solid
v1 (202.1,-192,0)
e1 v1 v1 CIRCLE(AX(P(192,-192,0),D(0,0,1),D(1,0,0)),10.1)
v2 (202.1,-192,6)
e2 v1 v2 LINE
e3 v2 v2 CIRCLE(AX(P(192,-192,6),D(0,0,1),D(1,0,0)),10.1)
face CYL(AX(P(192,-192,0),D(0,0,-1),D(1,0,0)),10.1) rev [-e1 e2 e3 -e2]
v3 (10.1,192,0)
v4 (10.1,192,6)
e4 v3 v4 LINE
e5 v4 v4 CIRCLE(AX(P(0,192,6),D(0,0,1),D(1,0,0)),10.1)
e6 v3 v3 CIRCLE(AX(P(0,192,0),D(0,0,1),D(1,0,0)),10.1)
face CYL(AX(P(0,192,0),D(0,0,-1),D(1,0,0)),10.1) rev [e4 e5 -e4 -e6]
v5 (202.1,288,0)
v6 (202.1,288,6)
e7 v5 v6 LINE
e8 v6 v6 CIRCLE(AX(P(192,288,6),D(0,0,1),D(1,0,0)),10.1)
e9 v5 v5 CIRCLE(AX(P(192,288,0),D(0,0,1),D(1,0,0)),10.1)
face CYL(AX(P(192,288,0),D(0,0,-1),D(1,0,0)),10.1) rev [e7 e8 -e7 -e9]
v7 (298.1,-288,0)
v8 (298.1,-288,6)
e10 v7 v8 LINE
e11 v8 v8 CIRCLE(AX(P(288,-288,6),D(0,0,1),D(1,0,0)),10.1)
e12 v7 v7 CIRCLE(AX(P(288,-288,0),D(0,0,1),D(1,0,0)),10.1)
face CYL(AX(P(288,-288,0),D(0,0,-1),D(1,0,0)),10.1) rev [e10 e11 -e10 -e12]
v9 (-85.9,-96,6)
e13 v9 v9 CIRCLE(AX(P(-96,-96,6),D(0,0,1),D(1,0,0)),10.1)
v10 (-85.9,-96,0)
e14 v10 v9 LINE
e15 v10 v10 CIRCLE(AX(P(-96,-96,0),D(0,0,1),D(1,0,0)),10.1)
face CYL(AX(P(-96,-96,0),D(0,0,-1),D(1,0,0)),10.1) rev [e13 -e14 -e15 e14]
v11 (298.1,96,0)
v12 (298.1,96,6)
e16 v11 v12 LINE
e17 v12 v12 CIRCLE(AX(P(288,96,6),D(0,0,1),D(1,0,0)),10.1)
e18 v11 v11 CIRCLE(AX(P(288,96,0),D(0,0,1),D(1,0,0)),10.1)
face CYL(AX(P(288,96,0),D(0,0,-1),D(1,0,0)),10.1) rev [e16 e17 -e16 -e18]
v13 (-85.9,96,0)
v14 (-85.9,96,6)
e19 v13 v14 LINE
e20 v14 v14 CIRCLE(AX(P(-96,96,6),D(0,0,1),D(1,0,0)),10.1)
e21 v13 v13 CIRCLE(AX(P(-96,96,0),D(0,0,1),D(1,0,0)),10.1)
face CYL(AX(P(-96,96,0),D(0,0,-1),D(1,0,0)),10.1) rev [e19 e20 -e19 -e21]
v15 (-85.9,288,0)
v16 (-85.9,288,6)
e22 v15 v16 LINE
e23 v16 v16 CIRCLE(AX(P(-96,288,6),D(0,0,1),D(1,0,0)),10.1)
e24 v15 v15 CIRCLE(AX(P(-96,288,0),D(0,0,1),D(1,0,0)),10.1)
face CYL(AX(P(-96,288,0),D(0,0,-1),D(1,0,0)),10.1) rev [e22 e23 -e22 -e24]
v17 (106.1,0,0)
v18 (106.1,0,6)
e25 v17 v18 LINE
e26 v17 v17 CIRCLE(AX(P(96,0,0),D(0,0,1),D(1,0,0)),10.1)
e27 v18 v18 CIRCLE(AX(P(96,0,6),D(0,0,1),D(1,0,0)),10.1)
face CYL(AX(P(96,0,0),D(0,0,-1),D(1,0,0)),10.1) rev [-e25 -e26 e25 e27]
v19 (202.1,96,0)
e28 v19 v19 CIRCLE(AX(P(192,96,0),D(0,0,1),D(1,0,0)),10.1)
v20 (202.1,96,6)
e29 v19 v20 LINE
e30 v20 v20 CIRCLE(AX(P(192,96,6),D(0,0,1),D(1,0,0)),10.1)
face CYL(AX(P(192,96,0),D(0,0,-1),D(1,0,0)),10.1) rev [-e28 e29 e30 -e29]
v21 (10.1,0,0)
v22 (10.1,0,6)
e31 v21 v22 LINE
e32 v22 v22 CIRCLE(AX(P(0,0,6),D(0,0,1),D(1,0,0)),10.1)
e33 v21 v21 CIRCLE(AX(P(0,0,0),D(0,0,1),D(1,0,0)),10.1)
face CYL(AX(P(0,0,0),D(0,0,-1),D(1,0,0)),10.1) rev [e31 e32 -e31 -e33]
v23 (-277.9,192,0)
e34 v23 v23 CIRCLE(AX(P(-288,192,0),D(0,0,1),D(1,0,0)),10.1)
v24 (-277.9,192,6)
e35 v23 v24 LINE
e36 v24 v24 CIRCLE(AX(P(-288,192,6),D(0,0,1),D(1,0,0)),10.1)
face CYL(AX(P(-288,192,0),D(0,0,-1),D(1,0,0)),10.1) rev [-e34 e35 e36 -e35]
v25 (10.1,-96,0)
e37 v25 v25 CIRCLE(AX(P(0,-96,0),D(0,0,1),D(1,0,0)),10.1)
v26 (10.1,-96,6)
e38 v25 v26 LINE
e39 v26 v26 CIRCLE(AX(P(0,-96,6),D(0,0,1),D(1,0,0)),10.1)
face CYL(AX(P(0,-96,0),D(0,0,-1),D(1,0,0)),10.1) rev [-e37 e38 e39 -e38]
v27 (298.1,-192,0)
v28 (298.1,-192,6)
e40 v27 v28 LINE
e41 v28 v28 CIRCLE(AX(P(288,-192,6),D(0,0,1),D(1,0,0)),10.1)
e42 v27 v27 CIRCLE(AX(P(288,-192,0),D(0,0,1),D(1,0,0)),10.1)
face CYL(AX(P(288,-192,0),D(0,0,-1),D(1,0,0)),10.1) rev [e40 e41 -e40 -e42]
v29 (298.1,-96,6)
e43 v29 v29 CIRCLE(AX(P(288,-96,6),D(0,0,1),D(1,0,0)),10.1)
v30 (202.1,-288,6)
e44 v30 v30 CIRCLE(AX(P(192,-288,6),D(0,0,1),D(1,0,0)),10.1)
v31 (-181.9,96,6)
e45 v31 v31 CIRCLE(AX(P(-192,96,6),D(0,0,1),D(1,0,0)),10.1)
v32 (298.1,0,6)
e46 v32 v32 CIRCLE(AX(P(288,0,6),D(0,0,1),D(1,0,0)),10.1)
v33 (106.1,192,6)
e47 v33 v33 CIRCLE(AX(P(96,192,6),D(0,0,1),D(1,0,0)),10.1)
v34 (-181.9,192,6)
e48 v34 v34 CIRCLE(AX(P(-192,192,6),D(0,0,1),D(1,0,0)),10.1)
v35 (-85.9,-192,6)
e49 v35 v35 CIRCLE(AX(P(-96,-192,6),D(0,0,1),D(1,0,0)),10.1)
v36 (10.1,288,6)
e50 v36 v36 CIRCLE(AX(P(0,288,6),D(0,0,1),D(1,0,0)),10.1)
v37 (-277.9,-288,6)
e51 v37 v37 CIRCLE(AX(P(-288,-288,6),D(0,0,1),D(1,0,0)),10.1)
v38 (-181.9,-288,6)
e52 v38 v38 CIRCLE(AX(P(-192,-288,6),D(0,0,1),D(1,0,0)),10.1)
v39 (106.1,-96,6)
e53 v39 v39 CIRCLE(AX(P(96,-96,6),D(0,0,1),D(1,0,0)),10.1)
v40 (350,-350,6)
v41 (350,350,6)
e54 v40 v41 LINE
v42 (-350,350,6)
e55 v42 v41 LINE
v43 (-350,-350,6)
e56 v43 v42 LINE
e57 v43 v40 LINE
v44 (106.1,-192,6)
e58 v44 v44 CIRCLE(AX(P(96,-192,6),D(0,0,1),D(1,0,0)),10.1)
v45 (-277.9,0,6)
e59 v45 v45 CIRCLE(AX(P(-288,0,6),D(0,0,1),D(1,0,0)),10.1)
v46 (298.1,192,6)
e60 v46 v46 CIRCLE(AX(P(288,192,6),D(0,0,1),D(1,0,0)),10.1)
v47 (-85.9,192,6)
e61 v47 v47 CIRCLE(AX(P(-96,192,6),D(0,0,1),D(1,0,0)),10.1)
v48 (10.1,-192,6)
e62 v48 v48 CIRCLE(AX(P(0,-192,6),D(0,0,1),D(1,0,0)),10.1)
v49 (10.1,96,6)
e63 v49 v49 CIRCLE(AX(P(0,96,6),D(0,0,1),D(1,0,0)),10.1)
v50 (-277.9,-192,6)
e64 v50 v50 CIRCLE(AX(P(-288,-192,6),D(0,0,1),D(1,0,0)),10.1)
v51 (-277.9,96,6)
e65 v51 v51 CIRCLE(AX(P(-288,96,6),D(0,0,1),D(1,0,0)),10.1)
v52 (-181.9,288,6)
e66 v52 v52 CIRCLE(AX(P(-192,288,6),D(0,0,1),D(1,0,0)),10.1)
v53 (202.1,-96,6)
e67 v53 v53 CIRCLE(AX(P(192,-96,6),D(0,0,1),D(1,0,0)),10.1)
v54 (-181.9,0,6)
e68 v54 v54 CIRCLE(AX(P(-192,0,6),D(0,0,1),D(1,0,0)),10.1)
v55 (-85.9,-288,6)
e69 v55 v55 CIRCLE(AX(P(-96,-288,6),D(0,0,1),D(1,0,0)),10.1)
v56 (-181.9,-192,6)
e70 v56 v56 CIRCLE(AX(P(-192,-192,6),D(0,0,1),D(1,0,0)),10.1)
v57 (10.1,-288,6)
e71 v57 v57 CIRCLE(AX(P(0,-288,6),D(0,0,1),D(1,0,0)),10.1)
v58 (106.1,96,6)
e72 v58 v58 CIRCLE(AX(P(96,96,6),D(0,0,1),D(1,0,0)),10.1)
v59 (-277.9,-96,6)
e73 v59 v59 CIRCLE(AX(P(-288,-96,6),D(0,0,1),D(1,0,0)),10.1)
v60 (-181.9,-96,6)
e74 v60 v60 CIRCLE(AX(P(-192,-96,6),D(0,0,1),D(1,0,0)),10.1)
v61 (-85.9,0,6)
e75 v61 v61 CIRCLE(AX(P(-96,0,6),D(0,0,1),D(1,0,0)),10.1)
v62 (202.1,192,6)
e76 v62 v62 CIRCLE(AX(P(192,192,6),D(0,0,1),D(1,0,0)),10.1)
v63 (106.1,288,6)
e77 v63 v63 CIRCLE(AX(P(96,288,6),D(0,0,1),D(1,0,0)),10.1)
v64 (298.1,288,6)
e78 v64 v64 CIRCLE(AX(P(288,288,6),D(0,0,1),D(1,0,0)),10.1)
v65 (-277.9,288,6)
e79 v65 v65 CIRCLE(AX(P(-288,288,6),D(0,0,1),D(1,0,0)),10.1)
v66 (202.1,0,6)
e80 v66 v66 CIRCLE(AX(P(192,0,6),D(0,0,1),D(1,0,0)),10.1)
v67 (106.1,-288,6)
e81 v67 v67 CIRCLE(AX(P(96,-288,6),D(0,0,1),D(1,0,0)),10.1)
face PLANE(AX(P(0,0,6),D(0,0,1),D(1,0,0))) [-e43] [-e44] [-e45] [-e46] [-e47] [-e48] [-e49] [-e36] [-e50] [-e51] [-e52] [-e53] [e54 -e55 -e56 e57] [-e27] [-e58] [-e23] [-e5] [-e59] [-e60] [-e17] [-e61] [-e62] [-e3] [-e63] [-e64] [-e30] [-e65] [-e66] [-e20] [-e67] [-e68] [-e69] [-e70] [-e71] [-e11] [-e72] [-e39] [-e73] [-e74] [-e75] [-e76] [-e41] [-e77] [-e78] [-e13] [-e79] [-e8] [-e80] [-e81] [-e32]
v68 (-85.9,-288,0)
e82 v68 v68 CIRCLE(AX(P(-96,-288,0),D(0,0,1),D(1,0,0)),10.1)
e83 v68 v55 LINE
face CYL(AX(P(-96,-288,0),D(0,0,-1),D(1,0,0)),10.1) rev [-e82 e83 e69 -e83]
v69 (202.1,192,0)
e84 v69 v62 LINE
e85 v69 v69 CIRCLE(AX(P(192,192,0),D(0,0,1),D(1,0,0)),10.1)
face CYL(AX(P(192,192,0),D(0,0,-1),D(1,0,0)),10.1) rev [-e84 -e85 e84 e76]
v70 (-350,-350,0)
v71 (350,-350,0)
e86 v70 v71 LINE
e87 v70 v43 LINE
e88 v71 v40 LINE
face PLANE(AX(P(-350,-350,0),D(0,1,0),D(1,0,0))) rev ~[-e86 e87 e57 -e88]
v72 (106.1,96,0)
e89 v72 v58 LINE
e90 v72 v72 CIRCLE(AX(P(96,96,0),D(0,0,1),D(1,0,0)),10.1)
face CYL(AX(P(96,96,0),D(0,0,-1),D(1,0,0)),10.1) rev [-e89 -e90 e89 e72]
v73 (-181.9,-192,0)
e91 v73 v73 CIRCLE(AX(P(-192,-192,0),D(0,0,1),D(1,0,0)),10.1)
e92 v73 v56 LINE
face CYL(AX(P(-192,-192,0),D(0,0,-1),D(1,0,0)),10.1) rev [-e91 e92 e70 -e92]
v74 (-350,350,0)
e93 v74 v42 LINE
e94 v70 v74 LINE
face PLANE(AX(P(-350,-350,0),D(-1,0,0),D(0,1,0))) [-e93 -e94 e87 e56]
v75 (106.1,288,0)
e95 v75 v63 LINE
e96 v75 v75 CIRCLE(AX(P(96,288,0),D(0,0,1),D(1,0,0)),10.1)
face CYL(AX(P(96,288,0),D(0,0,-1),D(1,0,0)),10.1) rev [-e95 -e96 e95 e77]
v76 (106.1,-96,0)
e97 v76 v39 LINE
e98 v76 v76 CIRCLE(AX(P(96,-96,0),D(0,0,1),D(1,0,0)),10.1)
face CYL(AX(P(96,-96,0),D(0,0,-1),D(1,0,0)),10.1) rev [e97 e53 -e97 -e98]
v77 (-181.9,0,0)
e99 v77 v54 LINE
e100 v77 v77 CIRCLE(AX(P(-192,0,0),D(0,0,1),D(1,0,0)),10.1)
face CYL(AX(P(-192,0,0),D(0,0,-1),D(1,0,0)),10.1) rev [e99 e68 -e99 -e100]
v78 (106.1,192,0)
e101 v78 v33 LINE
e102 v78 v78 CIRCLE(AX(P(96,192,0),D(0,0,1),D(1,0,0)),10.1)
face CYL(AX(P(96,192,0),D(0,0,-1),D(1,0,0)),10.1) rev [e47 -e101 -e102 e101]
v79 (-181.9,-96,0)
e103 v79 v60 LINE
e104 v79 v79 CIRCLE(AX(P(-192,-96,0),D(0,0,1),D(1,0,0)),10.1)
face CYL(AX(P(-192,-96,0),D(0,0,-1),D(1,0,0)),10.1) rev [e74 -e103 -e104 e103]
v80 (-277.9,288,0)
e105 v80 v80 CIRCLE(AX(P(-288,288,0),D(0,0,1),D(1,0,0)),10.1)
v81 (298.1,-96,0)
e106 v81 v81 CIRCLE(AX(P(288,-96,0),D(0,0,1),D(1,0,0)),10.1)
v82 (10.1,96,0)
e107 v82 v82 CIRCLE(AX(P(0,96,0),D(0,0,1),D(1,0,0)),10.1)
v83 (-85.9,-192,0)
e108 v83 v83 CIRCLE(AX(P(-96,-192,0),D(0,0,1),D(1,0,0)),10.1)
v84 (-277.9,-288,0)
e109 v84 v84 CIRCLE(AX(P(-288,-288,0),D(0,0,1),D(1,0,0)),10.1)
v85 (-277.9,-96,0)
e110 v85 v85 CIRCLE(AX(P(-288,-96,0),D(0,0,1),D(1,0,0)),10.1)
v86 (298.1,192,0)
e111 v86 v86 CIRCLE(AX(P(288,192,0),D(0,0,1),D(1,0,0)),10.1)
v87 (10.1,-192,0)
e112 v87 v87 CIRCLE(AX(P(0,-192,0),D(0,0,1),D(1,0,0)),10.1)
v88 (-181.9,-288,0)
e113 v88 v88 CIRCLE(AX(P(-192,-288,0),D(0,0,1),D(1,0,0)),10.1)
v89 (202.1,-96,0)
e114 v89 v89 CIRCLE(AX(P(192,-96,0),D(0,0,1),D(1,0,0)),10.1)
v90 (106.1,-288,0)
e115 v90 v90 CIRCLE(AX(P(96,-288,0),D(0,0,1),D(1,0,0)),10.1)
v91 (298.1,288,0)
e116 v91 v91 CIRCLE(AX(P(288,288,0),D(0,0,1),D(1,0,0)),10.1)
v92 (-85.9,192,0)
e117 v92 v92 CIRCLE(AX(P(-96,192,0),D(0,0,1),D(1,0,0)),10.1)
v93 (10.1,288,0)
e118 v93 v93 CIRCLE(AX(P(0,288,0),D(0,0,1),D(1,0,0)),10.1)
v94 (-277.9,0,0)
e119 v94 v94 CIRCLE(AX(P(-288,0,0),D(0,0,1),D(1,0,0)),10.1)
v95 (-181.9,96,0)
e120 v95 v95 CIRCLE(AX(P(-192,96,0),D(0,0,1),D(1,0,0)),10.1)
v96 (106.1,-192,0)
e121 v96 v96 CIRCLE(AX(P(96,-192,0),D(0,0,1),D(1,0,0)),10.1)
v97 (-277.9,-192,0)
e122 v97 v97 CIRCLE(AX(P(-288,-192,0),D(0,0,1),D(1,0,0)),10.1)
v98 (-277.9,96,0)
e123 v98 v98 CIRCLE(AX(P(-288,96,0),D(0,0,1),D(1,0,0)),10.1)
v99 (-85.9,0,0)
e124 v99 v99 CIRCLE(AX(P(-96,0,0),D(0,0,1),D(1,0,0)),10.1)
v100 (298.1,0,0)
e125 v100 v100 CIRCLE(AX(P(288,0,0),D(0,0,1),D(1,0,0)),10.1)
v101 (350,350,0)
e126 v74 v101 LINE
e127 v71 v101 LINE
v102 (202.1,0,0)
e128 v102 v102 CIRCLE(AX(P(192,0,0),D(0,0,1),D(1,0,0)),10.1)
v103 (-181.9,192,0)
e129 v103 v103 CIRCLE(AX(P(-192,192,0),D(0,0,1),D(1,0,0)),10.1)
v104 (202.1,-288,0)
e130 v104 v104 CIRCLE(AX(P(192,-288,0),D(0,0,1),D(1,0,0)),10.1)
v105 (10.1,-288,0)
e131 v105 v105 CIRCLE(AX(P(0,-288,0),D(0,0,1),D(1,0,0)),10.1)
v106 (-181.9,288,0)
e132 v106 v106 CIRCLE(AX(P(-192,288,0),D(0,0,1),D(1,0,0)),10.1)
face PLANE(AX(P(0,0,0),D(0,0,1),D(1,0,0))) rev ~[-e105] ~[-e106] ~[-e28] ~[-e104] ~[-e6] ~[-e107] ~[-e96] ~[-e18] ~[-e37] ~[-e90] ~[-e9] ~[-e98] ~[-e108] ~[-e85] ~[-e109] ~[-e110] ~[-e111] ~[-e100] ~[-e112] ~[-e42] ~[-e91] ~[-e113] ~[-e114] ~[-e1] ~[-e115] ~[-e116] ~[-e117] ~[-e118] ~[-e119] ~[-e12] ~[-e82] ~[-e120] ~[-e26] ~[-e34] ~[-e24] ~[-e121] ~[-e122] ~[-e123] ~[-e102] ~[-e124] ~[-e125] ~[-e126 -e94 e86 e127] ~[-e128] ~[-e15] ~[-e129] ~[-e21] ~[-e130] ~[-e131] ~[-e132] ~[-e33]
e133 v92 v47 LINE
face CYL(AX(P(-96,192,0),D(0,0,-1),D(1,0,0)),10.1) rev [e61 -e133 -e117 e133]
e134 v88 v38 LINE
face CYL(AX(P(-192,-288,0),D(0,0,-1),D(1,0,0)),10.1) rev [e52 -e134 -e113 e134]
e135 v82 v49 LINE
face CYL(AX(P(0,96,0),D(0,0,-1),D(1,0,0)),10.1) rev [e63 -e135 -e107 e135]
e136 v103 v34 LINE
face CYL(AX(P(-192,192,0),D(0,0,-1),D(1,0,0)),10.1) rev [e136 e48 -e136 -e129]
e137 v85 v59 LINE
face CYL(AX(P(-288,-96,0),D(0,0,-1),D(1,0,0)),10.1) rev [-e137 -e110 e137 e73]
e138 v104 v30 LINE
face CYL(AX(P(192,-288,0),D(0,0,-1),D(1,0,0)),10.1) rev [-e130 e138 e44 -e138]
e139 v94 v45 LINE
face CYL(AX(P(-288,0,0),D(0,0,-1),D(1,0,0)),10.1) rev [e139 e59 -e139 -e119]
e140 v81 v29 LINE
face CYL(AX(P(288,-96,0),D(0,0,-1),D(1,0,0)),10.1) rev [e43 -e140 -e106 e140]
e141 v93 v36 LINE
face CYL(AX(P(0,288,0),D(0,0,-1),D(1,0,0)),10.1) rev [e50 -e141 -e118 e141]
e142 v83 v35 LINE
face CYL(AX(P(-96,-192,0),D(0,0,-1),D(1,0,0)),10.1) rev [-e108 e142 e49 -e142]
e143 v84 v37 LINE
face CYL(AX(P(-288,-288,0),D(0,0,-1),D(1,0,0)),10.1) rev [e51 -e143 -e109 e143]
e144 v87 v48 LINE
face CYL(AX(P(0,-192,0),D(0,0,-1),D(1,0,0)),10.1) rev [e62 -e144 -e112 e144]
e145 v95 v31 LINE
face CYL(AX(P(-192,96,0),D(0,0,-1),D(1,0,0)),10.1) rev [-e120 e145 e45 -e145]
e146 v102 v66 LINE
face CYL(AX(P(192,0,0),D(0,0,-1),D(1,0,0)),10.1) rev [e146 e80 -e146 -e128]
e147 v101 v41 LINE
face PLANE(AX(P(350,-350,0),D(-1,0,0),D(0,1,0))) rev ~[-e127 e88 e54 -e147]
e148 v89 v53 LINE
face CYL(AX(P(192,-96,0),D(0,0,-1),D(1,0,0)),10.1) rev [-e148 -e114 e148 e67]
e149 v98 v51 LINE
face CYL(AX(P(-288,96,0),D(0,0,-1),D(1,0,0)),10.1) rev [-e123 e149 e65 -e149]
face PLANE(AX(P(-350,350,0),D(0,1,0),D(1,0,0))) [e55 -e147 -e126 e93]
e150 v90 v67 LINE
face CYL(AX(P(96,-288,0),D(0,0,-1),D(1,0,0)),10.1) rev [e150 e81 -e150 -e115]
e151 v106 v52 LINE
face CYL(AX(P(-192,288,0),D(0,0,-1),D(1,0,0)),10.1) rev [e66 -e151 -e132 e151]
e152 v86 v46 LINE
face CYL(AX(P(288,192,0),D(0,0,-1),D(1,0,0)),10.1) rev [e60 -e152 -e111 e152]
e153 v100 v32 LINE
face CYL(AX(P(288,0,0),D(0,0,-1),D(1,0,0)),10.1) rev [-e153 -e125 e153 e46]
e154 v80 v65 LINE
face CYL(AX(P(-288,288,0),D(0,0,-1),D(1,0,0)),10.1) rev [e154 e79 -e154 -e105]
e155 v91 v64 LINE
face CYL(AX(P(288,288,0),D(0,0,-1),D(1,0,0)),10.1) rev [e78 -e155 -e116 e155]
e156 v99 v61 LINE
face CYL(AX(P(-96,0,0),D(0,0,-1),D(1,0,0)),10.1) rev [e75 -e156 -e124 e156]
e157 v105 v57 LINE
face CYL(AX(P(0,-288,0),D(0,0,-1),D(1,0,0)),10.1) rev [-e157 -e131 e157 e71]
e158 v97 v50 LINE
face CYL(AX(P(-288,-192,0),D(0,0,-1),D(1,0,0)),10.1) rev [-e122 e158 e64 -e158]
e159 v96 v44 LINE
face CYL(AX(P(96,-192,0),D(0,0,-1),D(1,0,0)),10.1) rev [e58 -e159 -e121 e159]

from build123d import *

# Parameters (mm, degrees)
F0_W     = 700
F0_H     = 700
F0_R     = 10.1
F1_DEPTH = 6


with BuildPart() as f1:
    # F0 (on Top) → F1 (new body)
    with BuildSketch(Plane.XY):
        Rectangle(F0_W, F0_H)
        with Locations((-288, -288)):
            Circle(F0_R, mode=Mode.SUBTRACT)
        with Locations((-192, -288)):
            Circle(F0_R, mode=Mode.SUBTRACT)
        with Locations((-288, -192)):
            Circle(F0_R, mode=Mode.SUBTRACT)
        with Locations((-192, -192)):
            Circle(F0_R, mode=Mode.SUBTRACT)
        with Locations((-96, -288)):
            Circle(F0_R, mode=Mode.SUBTRACT)
        with Locations((-96, -192)):
            Circle(F0_R, mode=Mode.SUBTRACT)
        with Locations((-288, -96)):
            Circle(F0_R, mode=Mode.SUBTRACT)
        with Locations((-192, -96)):
            Circle(F0_R, mode=Mode.SUBTRACT)
        with Locations((-96, -96)):
            Circle(F0_R, mode=Mode.SUBTRACT)
        with Locations((0, -288)):
            Circle(F0_R, mode=Mode.SUBTRACT)
        with Locations((96, -288)):
            Circle(F0_R, mode=Mode.SUBTRACT)
        with Locations((0, -192)):
            Circle(F0_R, mode=Mode.SUBTRACT)
        with Locations((96, -192)):
            Circle(F0_R, mode=Mode.SUBTRACT)
        with Locations((192, -288)):
            Circle(F0_R, mode=Mode.SUBTRACT)
        with Locations((288, -288)):
            Circle(F0_R, mode=Mode.SUBTRACT)
        with Locations((192, -192)):
            Circle(F0_R, mode=Mode.SUBTRACT)
        with Locations((288, -192)):
            Circle(F0_R, mode=Mode.SUBTRACT)
        with Locations((0, -96)):
            Circle(F0_R, mode=Mode.SUBTRACT)
        with Locations((96, -96)):
            Circle(F0_R, mode=Mode.SUBTRACT)
        with Locations((192, -96)):
            Circle(F0_R, mode=Mode.SUBTRACT)
        with Locations((288, -96)):
            Circle(F0_R, mode=Mode.SUBTRACT)
        with Locations((-288, 0)):
            Circle(F0_R, mode=Mode.SUBTRACT)
        with Locations((-192, 0)):
            Circle(F0_R, mode=Mode.SUBTRACT)
        with Locations((-288, 96)):
            Circle(F0_R, mode=Mode.SUBTRACT)
        with Locations((-192, 96)):
            Circle(F0_R, mode=Mode.SUBTRACT)
        with Locations((-96, 0)):
            Circle(F0_R, mode=Mode.SUBTRACT)
        with Locations((-96, 96)):
            Circle(F0_R, mode=Mode.SUBTRACT)
        with Locations((-288, 192)):
            Circle(F0_R, mode=Mode.SUBTRACT)
        with Locations((-192, 192)):
            Circle(F0_R, mode=Mode.SUBTRACT)
        with Locations((-288, 288)):
            Circle(F0_R, mode=Mode.SUBTRACT)
        with Locations((-192, 288)):
            Circle(F0_R, mode=Mode.SUBTRACT)
        with Locations((-96, 192)):
            Circle(F0_R, mode=Mode.SUBTRACT)
        with Locations((-96, 288)):
            Circle(F0_R, mode=Mode.SUBTRACT)
        Circle(F0_R, mode=Mode.SUBTRACT)
        with Locations((96, 0)):
            Circle(F0_R, mode=Mode.SUBTRACT)
        with Locations((0, 96)):
            Circle(F0_R, mode=Mode.SUBTRACT)
        with Locations((96, 96)):
            Circle(F0_R, mode=Mode.SUBTRACT)
        with Locations((192, 0)):
            Circle(F0_R, mode=Mode.SUBTRACT)
        with Locations((288, 0)):
            Circle(F0_R, mode=Mode.SUBTRACT)
        with Locations((192, 96)):
            Circle(F0_R, mode=Mode.SUBTRACT)
        with Locations((288, 96)):
            Circle(F0_R, mode=Mode.SUBTRACT)
        with Locations((0, 192)):
            Circle(F0_R, mode=Mode.SUBTRACT)
        with Locations((96, 192)):
            Circle(F0_R, mode=Mode.SUBTRACT)
        with Locations((0, 288)):
            Circle(F0_R, mode=Mode.SUBTRACT)
        with Locations((96, 288)):
            Circle(F0_R, mode=Mode.SUBTRACT)
        with Locations((192, 192)):
            Circle(F0_R, mode=Mode.SUBTRACT)
        with Locations((288, 192)):
            Circle(F0_R, mode=Mode.SUBTRACT)
        with Locations((192, 288)):
            Circle(F0_R, mode=Mode.SUBTRACT)
        with Locations((288, 288)):
            Circle(F0_R, mode=Mode.SUBTRACT)
    extrude(amount=F1_DEPTH)


solid = f1.part
